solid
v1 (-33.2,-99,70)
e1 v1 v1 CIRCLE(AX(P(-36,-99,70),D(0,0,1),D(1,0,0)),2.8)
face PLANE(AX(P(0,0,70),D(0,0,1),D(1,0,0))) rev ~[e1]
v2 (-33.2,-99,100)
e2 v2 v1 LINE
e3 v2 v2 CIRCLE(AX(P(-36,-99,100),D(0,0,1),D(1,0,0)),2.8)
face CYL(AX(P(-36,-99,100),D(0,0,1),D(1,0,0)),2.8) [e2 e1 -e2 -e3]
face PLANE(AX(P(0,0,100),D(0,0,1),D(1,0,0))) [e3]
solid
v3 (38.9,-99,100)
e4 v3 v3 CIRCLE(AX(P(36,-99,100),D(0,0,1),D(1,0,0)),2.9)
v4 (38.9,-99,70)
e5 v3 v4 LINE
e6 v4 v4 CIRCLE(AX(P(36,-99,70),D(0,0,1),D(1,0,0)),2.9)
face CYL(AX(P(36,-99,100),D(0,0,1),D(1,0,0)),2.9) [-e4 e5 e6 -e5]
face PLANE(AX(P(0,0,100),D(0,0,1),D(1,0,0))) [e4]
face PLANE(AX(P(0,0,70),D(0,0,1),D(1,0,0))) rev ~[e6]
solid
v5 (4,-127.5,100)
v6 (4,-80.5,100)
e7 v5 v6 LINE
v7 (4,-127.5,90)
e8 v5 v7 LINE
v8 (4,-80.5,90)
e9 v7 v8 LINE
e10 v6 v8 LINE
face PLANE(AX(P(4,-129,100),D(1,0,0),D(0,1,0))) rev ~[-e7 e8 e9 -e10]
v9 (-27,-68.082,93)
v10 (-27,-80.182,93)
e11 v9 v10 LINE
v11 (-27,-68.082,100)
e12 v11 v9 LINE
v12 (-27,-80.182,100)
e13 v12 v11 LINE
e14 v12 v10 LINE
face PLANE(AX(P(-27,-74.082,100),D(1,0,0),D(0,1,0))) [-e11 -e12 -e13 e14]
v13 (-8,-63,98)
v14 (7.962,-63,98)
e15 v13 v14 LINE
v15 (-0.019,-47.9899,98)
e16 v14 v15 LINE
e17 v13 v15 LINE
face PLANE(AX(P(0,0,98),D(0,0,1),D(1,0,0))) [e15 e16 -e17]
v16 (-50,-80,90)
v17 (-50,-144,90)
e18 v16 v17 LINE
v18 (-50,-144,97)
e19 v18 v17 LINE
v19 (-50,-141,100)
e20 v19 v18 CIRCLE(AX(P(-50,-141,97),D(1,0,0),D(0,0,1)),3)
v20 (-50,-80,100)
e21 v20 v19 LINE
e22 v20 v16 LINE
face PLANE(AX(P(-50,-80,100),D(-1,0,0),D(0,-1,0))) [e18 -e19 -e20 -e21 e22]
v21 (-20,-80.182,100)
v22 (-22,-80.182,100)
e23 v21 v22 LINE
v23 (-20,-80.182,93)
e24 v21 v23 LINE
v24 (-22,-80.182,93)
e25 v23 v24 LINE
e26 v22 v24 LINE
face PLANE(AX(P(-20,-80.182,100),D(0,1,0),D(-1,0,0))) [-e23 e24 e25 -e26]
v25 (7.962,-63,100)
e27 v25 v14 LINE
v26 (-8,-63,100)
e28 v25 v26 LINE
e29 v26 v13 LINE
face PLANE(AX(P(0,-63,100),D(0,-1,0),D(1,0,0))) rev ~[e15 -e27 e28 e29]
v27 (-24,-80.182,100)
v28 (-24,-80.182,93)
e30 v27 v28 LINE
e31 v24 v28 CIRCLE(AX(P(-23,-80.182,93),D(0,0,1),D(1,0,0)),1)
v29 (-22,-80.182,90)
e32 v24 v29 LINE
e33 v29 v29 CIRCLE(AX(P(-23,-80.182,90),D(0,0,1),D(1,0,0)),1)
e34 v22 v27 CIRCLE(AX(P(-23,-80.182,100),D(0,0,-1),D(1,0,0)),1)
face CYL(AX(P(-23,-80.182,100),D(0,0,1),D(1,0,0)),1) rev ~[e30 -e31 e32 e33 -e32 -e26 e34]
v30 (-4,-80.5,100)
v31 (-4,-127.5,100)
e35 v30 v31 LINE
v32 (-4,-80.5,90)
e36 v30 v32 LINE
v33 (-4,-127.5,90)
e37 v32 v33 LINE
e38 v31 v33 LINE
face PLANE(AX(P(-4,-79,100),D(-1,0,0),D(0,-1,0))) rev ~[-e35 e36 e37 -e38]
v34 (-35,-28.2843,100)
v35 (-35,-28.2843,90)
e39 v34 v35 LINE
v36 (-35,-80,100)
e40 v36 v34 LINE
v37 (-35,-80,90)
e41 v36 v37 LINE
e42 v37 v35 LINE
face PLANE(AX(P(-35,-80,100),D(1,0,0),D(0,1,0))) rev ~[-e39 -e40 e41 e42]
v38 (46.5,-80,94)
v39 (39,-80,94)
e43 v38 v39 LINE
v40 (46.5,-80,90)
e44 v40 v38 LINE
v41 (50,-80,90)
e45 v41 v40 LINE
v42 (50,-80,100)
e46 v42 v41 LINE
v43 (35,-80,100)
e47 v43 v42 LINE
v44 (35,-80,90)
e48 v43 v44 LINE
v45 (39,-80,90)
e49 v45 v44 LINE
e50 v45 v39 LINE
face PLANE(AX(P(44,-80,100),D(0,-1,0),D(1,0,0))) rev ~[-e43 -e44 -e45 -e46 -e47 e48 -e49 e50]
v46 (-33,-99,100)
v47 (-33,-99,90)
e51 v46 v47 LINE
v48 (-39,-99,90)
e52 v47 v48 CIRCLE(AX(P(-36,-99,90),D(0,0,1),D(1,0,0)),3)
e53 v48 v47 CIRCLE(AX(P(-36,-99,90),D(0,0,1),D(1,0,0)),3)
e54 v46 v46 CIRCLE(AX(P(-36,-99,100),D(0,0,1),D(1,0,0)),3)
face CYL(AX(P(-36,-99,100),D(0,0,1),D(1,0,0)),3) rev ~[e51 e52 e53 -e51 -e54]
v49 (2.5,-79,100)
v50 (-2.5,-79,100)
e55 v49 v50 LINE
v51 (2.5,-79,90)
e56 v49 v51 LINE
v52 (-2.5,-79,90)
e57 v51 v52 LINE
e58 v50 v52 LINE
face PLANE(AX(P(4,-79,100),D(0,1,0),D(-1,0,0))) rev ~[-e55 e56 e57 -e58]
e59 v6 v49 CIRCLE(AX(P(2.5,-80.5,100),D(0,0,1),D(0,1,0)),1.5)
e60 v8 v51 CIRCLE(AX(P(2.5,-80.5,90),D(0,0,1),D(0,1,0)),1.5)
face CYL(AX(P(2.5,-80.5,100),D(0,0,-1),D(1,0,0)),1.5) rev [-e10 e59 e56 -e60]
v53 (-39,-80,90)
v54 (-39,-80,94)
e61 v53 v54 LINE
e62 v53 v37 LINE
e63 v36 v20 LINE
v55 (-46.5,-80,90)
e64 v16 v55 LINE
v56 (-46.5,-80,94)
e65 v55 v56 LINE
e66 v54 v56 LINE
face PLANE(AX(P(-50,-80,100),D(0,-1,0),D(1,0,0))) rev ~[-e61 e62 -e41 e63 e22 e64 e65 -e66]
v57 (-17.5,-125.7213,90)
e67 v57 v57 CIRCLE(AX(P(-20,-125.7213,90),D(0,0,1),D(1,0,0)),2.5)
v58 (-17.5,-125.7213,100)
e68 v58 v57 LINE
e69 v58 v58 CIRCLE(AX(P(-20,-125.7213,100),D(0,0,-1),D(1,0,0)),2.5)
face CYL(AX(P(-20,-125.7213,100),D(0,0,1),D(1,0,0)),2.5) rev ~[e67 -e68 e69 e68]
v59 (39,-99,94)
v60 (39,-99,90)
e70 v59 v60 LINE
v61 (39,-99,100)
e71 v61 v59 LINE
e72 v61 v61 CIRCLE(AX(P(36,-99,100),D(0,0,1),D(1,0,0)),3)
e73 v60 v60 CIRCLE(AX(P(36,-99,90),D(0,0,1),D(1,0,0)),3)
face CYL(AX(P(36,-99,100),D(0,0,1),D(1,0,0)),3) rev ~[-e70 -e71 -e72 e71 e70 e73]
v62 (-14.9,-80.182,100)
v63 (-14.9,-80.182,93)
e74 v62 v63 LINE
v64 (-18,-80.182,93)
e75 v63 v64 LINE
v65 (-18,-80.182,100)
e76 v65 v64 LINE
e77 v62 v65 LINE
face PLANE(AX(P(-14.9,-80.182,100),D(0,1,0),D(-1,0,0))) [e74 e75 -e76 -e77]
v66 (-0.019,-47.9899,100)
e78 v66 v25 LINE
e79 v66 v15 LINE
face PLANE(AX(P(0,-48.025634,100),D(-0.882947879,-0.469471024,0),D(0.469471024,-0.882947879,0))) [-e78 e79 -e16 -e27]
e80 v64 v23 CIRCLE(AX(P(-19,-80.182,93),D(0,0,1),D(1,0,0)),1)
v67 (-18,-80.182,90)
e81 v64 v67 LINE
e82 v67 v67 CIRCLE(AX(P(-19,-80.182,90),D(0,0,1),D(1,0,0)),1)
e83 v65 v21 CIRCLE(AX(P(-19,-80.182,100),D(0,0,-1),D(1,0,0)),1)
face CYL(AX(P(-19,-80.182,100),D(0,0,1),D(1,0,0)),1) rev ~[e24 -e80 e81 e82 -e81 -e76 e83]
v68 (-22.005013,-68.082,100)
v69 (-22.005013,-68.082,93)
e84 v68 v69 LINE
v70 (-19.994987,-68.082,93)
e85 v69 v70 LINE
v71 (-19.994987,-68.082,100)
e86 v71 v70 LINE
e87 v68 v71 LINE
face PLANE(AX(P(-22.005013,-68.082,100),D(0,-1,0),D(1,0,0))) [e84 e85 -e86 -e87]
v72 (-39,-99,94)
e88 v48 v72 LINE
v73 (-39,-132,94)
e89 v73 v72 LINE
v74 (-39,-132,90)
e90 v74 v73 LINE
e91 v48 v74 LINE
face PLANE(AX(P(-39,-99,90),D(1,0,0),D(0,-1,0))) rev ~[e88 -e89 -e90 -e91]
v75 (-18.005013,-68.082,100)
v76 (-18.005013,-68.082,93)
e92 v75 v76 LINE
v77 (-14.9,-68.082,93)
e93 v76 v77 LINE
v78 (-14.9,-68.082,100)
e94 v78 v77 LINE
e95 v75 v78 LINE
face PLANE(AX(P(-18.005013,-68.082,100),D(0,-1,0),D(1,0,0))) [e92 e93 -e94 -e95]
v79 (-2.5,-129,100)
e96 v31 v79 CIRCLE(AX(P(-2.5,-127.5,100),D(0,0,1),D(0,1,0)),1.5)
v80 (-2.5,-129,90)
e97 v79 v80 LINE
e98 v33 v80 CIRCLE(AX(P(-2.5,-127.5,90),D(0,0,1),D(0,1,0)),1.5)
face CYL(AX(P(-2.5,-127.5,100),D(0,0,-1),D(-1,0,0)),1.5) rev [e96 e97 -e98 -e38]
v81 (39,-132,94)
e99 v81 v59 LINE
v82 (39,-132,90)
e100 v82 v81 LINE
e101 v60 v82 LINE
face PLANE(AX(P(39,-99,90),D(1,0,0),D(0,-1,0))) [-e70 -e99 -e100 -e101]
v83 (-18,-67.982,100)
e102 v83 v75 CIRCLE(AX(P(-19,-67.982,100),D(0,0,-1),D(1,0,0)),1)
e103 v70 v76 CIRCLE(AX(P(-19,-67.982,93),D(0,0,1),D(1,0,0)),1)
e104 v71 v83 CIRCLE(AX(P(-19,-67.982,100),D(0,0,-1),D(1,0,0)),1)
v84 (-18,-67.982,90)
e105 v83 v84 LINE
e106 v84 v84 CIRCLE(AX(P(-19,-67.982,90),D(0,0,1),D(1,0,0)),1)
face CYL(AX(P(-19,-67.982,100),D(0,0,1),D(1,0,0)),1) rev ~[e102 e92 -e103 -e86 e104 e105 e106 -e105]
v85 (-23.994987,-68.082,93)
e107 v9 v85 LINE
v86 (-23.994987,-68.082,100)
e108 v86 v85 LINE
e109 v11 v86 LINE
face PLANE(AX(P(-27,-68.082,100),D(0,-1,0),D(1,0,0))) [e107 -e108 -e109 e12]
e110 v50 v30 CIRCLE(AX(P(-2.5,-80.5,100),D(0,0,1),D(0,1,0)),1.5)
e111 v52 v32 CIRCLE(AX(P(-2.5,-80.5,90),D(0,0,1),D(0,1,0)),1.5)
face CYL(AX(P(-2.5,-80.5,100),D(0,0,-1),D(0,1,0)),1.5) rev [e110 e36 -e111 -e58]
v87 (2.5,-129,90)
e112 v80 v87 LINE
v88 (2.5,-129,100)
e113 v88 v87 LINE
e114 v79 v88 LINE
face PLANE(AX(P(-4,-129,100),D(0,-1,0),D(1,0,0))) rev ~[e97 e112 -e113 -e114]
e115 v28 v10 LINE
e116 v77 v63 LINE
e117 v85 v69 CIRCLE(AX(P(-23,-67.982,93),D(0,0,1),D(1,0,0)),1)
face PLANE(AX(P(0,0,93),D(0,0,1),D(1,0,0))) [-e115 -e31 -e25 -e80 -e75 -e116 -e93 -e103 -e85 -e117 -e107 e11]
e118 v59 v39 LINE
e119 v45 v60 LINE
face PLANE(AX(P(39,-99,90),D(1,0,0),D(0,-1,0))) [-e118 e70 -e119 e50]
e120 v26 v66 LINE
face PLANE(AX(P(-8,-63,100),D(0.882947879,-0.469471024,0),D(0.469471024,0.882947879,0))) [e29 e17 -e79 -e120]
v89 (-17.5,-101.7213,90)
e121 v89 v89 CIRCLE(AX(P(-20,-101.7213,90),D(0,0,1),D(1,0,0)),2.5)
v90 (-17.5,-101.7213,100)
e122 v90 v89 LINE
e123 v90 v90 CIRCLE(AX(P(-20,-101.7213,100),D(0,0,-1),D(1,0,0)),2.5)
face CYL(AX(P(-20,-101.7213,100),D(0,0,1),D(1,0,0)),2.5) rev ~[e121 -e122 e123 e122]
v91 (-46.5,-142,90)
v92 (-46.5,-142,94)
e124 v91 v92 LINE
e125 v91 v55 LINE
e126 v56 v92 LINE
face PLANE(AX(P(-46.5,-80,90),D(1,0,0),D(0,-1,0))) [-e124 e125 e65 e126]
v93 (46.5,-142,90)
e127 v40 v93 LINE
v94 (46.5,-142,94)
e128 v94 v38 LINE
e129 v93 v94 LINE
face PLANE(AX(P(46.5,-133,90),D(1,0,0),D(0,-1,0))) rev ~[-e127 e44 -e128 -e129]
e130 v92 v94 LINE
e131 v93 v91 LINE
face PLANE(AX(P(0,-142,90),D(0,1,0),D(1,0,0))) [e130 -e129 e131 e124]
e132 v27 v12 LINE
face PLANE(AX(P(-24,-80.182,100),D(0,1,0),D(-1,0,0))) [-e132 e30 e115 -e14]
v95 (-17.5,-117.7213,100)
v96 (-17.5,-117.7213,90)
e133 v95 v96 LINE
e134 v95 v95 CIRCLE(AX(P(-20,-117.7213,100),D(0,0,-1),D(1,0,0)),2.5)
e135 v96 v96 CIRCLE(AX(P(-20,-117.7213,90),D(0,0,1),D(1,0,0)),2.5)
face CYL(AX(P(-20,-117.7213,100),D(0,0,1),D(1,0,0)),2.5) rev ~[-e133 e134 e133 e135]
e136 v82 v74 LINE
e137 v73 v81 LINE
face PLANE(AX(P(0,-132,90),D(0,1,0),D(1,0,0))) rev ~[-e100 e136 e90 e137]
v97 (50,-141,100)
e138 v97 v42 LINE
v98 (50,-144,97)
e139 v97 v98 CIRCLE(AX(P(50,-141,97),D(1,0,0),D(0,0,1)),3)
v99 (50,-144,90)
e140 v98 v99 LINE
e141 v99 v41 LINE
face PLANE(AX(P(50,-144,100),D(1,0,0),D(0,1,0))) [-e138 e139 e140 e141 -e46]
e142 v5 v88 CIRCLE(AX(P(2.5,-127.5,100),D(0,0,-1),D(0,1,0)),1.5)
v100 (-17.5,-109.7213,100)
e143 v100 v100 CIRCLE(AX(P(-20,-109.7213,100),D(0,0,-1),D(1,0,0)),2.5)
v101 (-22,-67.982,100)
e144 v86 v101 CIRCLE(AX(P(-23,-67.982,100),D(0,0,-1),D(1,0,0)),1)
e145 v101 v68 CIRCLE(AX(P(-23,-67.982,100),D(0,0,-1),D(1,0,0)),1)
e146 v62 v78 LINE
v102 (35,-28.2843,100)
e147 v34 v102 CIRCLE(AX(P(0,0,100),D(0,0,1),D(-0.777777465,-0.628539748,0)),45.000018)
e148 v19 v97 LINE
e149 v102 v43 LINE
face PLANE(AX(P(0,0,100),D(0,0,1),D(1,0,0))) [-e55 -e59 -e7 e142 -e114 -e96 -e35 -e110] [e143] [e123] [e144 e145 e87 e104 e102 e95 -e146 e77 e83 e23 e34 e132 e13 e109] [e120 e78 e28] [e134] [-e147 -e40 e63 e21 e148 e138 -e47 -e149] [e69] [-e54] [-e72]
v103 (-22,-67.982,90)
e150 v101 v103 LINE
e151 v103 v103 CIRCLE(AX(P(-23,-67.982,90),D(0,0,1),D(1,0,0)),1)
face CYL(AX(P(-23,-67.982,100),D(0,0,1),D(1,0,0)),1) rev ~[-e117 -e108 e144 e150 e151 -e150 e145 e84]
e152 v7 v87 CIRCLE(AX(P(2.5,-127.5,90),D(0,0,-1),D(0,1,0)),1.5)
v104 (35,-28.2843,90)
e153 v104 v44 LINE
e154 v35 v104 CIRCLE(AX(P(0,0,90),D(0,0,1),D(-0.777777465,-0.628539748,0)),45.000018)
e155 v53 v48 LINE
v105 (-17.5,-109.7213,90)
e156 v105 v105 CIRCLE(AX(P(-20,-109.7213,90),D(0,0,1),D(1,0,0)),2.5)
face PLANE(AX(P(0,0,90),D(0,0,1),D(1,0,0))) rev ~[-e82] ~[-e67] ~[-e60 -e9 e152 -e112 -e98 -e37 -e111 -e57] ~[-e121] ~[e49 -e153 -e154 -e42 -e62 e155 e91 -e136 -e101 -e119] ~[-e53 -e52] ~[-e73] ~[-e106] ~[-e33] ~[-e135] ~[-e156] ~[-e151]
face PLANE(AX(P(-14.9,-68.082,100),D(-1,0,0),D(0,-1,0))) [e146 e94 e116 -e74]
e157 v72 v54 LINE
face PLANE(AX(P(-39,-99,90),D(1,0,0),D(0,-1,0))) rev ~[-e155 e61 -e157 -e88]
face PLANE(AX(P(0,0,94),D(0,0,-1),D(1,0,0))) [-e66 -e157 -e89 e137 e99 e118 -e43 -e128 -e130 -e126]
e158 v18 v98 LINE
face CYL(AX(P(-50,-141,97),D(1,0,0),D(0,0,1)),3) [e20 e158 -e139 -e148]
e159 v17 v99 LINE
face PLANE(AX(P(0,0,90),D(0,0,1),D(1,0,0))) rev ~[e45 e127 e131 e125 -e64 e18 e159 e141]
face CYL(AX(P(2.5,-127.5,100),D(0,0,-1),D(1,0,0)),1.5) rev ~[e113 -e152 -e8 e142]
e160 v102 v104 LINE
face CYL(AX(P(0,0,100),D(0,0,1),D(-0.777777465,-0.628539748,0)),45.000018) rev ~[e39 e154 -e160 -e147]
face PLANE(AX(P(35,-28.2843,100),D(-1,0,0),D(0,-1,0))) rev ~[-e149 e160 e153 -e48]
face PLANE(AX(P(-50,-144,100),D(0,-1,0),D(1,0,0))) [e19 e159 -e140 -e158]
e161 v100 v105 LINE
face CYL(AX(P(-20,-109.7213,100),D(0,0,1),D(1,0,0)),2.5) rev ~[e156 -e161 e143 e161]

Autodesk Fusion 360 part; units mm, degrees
sketch "Sketch1" plane through (0, 0, 0) normal (0, 0, 1) x (1, 0, 0)
  line L0 (-65, 0) -> (67.0686, 0)
  line L1 (-35, 0) -> (-35, -80)
  line L2 (-50, 0) -> (-50, -80)
  line L3 (35, 0) -> (35, -80)
  line L4 (50, 0) -> (50, -80)
  line L5 (35, -80) -> (50, -80)
  line L6 (-50, -80) -> (-35, -80)
  arc A0 (35, 0) -> (-35, 0) centre (0, 0) ccw
  arc A1 (50, 0) -> (-50, 0) centre (0, 0) ccw
  arc A2 (38.5, 0) -> (-38.5, 0) centre (0, 0) ccw
  arc A3 (46.5, 0) -> (-46.5, 0) centre (0, 0) ccw
  line L7 (-38.5, 0) -> (-38.5, -80)
  line L8 (-46.5, 0) -> (-46.5, -80)
  line L9 (38.5, 0) -> (38.5, -80)
  line L10 (46.5, 0) -> (46.5, -80)
  dimension "d1" = 70
  dimension "d2" = 100
  dimension "d3" = 80
  dimension "d4" = 80
  dimension "d5" = 80
  dimension "d8" = 77
  dimension "d9" = 93
extrude "Extrude2" add sketch "Sketch1" along normal blind 6 contours L0 A1 A3 | L0 L2 L6 L8 | L0 L4 L5 L10 | L0 A0 A2 | L0 L1 L6 L7 | L0 L3 L5 L9 makes body 1 at (36.1667, -53.3333, 0) makes body 2 at (-47.6667, -53.3333, 0)
extrude "Extrude3" add sketch "Sketch1" along normal blind 2 separate body contours L0 A2 A3 | L0 L6 L7 L8 | L0 L5 L9 L10 makes body 3
extrude "Extrude4" add sketch "Sketch1" against normal blind 4.1 contours L0 A1 A3 | L0 L2 L6 L8 | L0 A2 A3 | L0 L6 L7 L8 | L0 L4 L5 L10 | L0 A0 A2 | L0 L1 L6 L7 | L0 L5 L9 L10 | L0 L3 L5 L9 bodies 1 2 3

Autodesk Fusion 360 part; units mm, degrees
ref_plane "WorkPlane1" through (0, 0, 100) normal (0, 0, 1) x (1, 0, 0)
sketch "Sketch3" plane through (0, 0, 100) normal (0, 0, 1) x (1, 0, 0)
  line L0 (50, -80) -> (50, 0)
  arc A0 (50, 0) -> (-50, 0) centre (0, 0) ccw
  arc A1 (35, 0) -> (-35, 0) centre (0, 0) ccw
  line L1 (35, 0) -> (35, -80)
  line L2 (35, -80) -> (50, -80)
  line L3 (-50, 0) -> (-50, -80)
  line L4 (-50, -80) -> (-35, -80)
  line L5 (-35, -80) -> (-35, 0)
  circle A2 centre (-36, -99) radius 3
  circle A3 centre (36, -99) radius 3
  line L6 (40, -135) -> (-40, -135)
  line L7 (-40, -135) -> (-40, 0)
  line L8 (40, 0) -> (40, -135)
  line L9 (-44, -139) -> (-44, 0)
  line L10 (44, 0) -> (44, -139)
  line L11 (44, -139) -> (-44, -139)
  arc A4 (-35, -28.2843) -> (35, -28.2843) centre (0, 0) ccw
  line L12 (-35, -28.2843) -> (-35, -80)
  line L13 (-50, -80) -> (-50, -144)
  line L14 (-50, -144) -> (50, -144)
  line L15 (50, -144) -> (50, -80)
  line L16 (50, -80) -> (35, -80)
  line L17 (35, -28.2843) -> (35, -80)
  line L18 (-50, -80) -> (-35, -80)
  circle A5 centre (-36, -99) radius 2.8
  circle A6 centre (36, -99) radius 2.9
  dimension "d2" = 90
  dimension "d3" = 5.6
  dimension "d4" = 5.8
  dimension "d15" = 64
extrude "Extrude1" add sketch "Sketch3" against normal blind 10 contours L2 L4 L9 L10 L11 L13 L14 L15 L16 L18 | L2 L4 L6 L7 L8 L9 L10 L11 L16 L18 | L1 L2 L4 L5 L6 L7 L8 A4 L12 L16 L17 L18 makes body 1
extrude "Extrude2" add sketch "Sketch3" against normal blind 30 separate body contours A5 | A6 makes body 2 at (-33.541, -100.3391, 80) makes body 3 at (37.1927, -96.3566, 80)
sketch "Sketch6" plane through (0, 0, 90) normal (0, 0, -1) x (1, 0, 0)
  circle A0 centre (36, 99) radius 3
  circle A1 centre (-36, 99) radius 3
  line L0 (50, 144) -> (-50, 144)
  line L1 (-50, 144) -> (-50, 80)
  line L2 (-50, 80) -> (-35, 80)
  line L3 (-35, 80) -> (-35, 28.2843)
  arc A2 (35, 28.2843) -> (-35, 28.2843) centre (0, 0) ccw
  line L4 (35, 28.2843) -> (35, 80)
  line L5 (35, 80) -> (50, 80)
  line L6 (50, 80) -> (50, 144)
  line L7 (35, 80) -> (42.5, 80)
  line L8 (42.5, 80) -> (46.5, 80)
  line L9 (42.5, 80) -> (39, 80)
  line L10 (46.5, 80) -> (46.5, 133)
  line L11 (39, 80) -> (39, 132)
  line L12 (0, 0) -> (0, 10)
  line L13 (0, 10) -> (0, 183.5284)
  line L14 (0, 10) -> (0, 183.5284)
  line L15 (-39, 80) -> (-39, 132)
  line L16 (-46.5, 80) -> (-46.5, 133)
  line L17 (-42.5, 80) -> (-39, 80)
  line L18 (-42.5, 80) -> (-46.5, 80)
  line L19 (-39, 132) -> (39, 132)
  line L20 (46.5, 133) -> (46.5, 142)
  line L21 (-46.5, 133) -> (-46.5, 142)
  line L22 (-46.5, 142) -> (46.5, 142)
  line L23 (44, 139) -> (-44, 139)
  dimension "d9" = 4
  dimension "d10" = 3.5
  dimension "d11" = 53
  dimension "d12" = 52
  dimension "d19" = 3
extrude "Extrude4" cut sketch "Sketch6" against normal blind 4 contours L5 L7 L8 L9 L10 L11 L13 L14 L19 L20 L22 | L2 L13 L14 L15 L16 L17 L18 L19 L21 L22 bodies 1
sketch "Sketch7" plane through (0, 0, 100) normal (0, 0, 1) x (1, 0, 0)
  line L0 (-20, -101.7213) -> (-20, -125.7213)
  circle A0 centre (-20, -101.7213) radius 2.5
  circle A1 centre (-20, -125.7213) radius 2.5
  circle A2 centre (-20, -117.7213) radius 2.5
  circle A3 centre (-20, -109.7213) radius 2.5
  dimension "d20" = 5
  dimension "d21" = 24
  dimension "d22" = 5
  dimension "d23" = 5
  dimension "d24" = 5
  dimension "d28" = 8
  dimension "d30" = 8
  dimension "d31" = 8
extrude "Extrude5" cut sketch "Sketch7" against normal blind 45 bodies 1
sketch "Sketch8" plane through (0, 0, 100) normal (0, 0, 1) x (1, 0, 0)
  line L0 (-27, -68.082) -> (-14.9, -68.082)
  line L1 (-14.9, -68.082) -> (-14.9, -80.182)
  line L2 (-14.9, -80.182) -> (-27, -80.182)
  line L3 (-27, -80.182) -> (-27, -68.082)
  line L4 (-27, -80.182) -> (-23, -80.182)
  circle A0 centre (-23, -80.182) radius 1
  line L5 (-23, -80.182) -> (-19, -80.182)
  circle A1 centre (-19, -80.182) radius 1
  line L6 (-27, -68.082) -> (-27, -74.082)
  line L7 (-27, -74.082) -> (-7.7924, -74.082)
  line L8 (-27, -74.082) -> (-7.7924, -74.082)
  circle A2 centre (-23, -67.982) radius 1
  circle A3 centre (-19, -67.982) radius 1
  point P0 (-35, -80)
  dimension "d34" = 12.1
  dimension "d35" = 12.1
  dimension "d36" = 4
  dimension "d37" = 2
  dimension "d38" = 4
  dimension "d39" = 2
  dimension "d40" = 6
  dimension "d41" = 8
extrude "Extrude6" cut sketch "Sketch8" against normal blind 17 contours L0 A2 | L0 A2 | L0 A3 | L0 A3 | L2 L4 A0 L5 | L2 L4 A0 L5 | L2 L5 A1 | L2 L5 A1 bodies 1
extrude "Extrude7" cut sketch "Sketch8" against normal blind 7 contours L0 L1 L3 L6 L7 L8 A2 A3 | L1 L2 L3 L4 A0 L5 A1 L7 L8 bodies 1
sketch "Sketch9" plane through (0, 0, 100) normal (0, 0, 1) x (1, 0, 0)
  line L0 (4, -79) -> (-4, -79)
  line L1 (-4, -79) -> (-4, -129)
  line L2 (-4, -129) -> (4, -129)
  line L3 (4, -129) -> (4, -79)
  line L4 (4, -79) -> (-4, -129) construction
  line L5 (-4, -79) -> (4, -129) construction
  line L6 (-50, -144) -> (50, -144)
  point P0 (0, -104)
  dimension "d46" = 8
  dimension "d47" = 50
  dimension "d48" = 15
extrude "Extrude8" cut sketch "Sketch9" against normal blind 55 bodies 1
fillet "Fillet1" radius 1.5 4 edges at (-4, -79, 95) (4, -79, 95) (-4, -129, 95) (4, -129, 95) on bodies 1
fillet "Fillet2" radius 3 1 edges at (0, -144, 100) on bodies 1
sketch "Sketch12" plane through (0, 0, 100) normal (0, 0, 1) x (1, 0, 0)
  line L0 (0, -63) -> (8, -63)
  line L1 (0, -63) -> (-8, -63)
  line L2 (-8, -63) -> (-0.019, -47.9899)
  line L3 (-8, -63) -> (4.6601, -63) construction
  line L4 (0, -10) -> (0, -183.5284)
  line L5 (-0.019, -47.9899) -> (7.962, -63)
  line L6 (-0.019, -47.9899) -> (16.981, -47.9899) construction
  dimension "d78" = 8
  dimension "d79" = 8
  dimension "d80" = 17
  dimension "d81" = 62
  dimension "d82" = 17
  dimension "d83" = 62
extrude "Extrude10" cut sketch "Sketch12" against normal blind 2 bodies 1
equation "d7 = -23 mm - 7 mm"
